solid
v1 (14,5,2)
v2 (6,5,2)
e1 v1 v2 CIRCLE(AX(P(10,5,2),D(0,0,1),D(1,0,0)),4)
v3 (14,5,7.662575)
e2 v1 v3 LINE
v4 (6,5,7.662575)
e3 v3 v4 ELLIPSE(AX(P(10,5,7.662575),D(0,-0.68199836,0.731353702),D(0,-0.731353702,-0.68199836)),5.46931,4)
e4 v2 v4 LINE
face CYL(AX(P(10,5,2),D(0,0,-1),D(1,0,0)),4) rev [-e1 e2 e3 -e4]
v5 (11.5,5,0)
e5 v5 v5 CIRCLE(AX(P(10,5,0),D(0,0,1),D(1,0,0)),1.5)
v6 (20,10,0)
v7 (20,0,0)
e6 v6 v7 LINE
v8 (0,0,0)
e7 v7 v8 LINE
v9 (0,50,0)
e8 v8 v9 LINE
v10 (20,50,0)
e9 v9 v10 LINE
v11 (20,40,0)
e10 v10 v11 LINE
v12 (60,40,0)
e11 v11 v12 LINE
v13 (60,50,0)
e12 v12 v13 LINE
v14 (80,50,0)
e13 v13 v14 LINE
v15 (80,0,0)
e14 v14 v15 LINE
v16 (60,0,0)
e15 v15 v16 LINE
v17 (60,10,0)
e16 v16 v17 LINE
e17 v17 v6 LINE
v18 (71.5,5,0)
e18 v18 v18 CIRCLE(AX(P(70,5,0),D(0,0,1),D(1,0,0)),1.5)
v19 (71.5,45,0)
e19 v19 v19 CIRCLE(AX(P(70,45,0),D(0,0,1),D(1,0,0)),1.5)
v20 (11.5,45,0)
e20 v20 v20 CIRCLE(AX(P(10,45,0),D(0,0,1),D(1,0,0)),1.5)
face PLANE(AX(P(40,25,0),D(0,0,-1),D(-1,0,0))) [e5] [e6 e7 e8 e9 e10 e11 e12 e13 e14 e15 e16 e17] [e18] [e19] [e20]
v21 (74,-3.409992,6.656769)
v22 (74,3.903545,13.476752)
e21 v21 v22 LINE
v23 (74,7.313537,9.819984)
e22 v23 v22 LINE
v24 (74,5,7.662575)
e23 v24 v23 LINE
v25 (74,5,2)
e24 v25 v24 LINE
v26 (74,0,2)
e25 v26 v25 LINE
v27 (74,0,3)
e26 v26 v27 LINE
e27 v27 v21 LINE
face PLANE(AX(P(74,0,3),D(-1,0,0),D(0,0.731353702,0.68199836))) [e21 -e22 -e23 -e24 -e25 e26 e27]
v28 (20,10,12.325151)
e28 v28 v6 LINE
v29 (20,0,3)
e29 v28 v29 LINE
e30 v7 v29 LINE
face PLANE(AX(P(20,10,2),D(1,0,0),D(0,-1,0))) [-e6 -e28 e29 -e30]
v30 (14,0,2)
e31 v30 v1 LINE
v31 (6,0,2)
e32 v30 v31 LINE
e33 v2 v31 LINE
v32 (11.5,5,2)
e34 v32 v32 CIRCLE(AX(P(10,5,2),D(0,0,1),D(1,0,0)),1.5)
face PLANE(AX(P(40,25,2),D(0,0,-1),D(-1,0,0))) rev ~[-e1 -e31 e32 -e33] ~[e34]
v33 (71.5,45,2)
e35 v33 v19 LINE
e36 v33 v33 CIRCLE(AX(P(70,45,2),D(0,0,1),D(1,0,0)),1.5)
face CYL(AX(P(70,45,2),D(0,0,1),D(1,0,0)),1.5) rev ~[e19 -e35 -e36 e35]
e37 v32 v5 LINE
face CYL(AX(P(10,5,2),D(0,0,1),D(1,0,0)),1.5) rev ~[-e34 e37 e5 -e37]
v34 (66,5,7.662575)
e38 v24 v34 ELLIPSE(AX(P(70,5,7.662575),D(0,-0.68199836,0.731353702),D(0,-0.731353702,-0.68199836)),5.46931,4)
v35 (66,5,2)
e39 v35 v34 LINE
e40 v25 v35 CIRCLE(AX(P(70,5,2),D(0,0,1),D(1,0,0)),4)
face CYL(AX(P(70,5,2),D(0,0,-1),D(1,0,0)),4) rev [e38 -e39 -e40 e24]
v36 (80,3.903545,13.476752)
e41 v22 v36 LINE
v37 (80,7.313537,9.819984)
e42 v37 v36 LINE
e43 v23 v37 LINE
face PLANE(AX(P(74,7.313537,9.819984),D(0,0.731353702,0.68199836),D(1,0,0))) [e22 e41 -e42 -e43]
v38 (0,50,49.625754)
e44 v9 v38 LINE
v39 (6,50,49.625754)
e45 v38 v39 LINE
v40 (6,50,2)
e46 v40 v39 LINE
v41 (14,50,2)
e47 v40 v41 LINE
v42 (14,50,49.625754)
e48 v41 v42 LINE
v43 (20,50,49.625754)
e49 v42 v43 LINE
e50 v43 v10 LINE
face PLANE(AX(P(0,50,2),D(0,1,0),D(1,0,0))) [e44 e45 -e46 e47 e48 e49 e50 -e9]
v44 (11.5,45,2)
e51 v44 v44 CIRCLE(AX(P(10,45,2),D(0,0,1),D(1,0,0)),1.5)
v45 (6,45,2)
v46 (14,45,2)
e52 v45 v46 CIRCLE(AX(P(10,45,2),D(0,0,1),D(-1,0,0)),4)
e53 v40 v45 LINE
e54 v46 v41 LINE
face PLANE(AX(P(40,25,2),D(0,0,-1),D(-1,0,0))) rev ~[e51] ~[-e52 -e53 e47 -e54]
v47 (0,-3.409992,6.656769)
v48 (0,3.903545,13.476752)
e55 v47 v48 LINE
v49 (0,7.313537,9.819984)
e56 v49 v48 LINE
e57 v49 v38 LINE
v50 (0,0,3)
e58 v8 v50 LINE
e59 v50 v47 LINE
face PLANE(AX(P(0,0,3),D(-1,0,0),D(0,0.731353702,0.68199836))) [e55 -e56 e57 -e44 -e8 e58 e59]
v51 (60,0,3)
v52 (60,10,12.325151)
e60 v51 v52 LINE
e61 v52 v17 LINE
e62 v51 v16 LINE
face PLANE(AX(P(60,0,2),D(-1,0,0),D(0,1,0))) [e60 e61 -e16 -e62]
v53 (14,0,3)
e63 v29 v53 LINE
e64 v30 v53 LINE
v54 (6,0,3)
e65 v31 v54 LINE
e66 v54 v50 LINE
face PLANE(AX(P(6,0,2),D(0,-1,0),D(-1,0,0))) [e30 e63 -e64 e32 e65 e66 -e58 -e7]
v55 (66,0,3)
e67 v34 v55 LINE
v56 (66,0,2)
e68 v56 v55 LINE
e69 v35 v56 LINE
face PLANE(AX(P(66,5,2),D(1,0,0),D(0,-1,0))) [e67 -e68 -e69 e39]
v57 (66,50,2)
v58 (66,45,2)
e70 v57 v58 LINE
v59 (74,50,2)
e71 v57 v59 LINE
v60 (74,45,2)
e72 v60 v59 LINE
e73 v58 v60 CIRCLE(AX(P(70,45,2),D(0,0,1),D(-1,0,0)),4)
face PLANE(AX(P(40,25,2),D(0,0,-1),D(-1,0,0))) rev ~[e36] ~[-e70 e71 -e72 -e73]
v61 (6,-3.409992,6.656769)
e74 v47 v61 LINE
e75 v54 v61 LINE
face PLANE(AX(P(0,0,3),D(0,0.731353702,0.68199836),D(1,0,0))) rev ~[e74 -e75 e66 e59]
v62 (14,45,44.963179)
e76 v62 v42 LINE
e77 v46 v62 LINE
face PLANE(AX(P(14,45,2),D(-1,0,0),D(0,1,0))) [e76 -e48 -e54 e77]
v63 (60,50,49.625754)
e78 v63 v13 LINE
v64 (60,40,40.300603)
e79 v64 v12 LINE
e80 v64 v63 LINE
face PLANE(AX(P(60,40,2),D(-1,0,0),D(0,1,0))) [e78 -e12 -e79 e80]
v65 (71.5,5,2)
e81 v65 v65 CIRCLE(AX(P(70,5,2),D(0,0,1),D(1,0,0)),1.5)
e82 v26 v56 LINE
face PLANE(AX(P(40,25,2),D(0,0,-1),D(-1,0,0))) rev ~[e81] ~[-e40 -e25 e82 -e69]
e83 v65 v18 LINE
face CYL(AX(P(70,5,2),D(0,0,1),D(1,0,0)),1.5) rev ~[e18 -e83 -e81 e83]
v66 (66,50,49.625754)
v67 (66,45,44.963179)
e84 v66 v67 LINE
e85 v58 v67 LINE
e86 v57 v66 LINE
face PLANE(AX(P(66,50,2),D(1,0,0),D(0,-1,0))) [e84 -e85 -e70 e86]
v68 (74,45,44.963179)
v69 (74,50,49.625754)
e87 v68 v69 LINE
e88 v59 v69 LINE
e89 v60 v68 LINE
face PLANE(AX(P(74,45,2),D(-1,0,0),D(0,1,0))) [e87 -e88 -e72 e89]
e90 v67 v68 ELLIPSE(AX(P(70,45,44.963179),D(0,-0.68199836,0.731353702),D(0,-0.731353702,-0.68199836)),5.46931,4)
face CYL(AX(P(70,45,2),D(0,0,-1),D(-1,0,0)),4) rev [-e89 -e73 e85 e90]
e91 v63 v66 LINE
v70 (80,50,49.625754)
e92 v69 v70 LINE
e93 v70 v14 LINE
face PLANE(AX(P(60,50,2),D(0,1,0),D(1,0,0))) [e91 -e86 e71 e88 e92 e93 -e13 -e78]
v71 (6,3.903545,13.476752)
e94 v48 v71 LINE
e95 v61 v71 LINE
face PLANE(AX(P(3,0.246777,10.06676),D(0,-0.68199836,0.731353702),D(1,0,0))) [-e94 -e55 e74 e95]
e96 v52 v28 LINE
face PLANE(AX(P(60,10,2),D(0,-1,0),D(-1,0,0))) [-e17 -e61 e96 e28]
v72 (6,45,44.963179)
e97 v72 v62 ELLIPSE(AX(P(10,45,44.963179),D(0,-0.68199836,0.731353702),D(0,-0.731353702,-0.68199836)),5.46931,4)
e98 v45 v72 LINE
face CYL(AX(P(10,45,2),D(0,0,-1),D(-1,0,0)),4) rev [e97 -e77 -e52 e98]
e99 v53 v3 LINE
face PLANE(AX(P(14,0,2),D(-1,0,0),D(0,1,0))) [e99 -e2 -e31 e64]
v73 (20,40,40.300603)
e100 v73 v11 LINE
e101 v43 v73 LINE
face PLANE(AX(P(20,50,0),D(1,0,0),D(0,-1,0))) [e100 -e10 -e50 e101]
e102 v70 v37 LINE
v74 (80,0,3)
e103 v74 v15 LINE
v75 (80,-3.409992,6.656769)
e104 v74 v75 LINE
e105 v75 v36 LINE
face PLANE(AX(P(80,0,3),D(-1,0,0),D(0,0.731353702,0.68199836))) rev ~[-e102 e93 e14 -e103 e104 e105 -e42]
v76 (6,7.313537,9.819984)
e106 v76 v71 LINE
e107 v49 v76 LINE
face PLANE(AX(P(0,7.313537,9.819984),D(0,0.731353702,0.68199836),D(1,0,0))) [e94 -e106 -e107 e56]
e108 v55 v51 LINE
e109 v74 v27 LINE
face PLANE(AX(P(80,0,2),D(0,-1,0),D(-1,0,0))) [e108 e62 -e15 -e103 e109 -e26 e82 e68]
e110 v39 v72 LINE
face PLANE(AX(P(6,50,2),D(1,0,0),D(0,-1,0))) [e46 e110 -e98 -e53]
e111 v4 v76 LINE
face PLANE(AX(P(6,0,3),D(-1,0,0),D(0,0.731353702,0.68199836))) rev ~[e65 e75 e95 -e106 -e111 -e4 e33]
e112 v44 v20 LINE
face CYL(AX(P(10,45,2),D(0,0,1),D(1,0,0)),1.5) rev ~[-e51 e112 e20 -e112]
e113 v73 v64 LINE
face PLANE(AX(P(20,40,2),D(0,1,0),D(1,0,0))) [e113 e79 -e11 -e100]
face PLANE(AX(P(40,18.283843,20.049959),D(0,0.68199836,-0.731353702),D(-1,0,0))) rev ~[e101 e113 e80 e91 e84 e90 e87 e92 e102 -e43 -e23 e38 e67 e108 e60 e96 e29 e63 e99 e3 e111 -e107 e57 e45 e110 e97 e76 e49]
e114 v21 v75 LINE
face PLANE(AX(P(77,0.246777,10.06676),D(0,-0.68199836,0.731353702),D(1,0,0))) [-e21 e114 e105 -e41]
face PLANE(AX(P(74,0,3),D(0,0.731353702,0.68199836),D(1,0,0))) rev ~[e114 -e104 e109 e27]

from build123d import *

# Parameters (mm, degrees)
EXTRUDE_2_DEPTH     = 2
SKETCH_3_R          = 1.5
CUT_EXTRUDE_1_DEPTH = 95.361008897
EXTRUDE_3_DEPTH     = 1
DRAFT_4_ANGLE       = 43
SKETCH_6_W          = 6
SKETCH_6_H          = 10
EXTRUDE_4_DEPTH     = 5
SKETCH_7_W          = 6
SKETCH_7_H          = 10
EXTRUDE_5_DEPTH     = 5


with BuildPart() as part:
    # 草图1 → 凸台-拉伸2 (new body)
    with BuildSketch(Plane.XY):
        Polygon((0, 0), (0, 50), (20, 50), (20, 40), (60, 40), (60, 50), (80, 50), (80, 0), (60, 0), (60, 10), (20, 10), (20, 0), align=None)
    extrude(amount=EXTRUDE_2_DEPTH)

    # 草图3 → 切除-拉伸1 (cut, through all)
    with BuildSketch(Plane.XY.offset(2)):
        with Locations((10, 45)):
            Circle(SKETCH_3_R)
        with Locations((10, 5)):
            Circle(SKETCH_3_R)
        with Locations((70, 45)):
            Circle(SKETCH_3_R)
        with Locations((70, 5)):
            Circle(SKETCH_3_R)
    extrude(amount=-CUT_EXTRUDE_1_DEPTH, mode=Mode.SUBTRACT)

    # 草图5 → 凸台-拉伸3 (add)
    with BuildSketch(Plane.XY.offset(2)):
        with BuildLine():
            Line((0, 50), (6, 50))
            Line((6, 50), (6, 45))
            ThreePointArc((6, 45), (10, 41), (14, 45))
            Line((14, 45), (14, 50))
            Line((14, 50), (20, 50))
            Line((20, 50), (20, 40))
            Line((20, 40), (60, 40))
            Line((60, 40), (60, 50))
            Line((60, 50), (66, 50))
            Line((66, 50), (66, 45))
            ThreePointArc((66, 45), (70, 41), (74, 45))
            Line((74, 45), (74, 50))
            Line((74, 50), (80, 50))
            Line((80, 50), (80, 0))
            Line((80, 0), (74, 0))
            Line((74, 0), (74, 5))
            ThreePointArc((74, 5), (70, 9), (66, 5))
            Line((66, 5), (66, 0))
            Line((66, 0), (60, 0))
            Line((60, 0), (60, 10))
            Line((60, 10), (20, 10))
            Line((20, 10), (20, 0))
            Line((20, 0), (14, 0))
            Line((14, 0), (14, 5))
            ThreePointArc((14, 5), (10, 9), (6, 5))
            Line((6, 5), (6, 0))
            Line((6, 0), (0, 0))
            Line((0, 0), (0, 50))
        make_face()
    extrude(amount=EXTRUDE_3_DEPTH)

    # 拔模4
    draft_4_faces = [part.faces().sort_by_distance(p)[0] for p in [
        (40, 25, 3),
    ]]
    draft(draft_4_faces, Plane(origin=(20, 0, 2), x_dir=(-1, 0, 0), z_dir=(0, -1, 0)), DRAFT_4_ANGLE)

    # 草图6 → 凸台-拉伸4 (add)
    with BuildSketch(Plane(origin=(0, -1.496346075, 1.604634711), x_dir=(1, 0, 0), z_dir=(0, -0.6819983600624997, 0.7313537016191695))):
        with Locations((3, 7.04599508)):
            Rectangle(SKETCH_6_W, SKETCH_6_H)
    extrude(amount=EXTRUDE_4_DEPTH)

    # 草图7 → 凸台-拉伸5 (add)
    with BuildSketch(Plane(origin=(0, -1.496346075, 1.604634711), x_dir=(1, 0, 0), z_dir=(0, -0.6819983600624997, 0.7313537016191695))):
        with Locations((77, 7.04599508)):
            Rectangle(SKETCH_7_W, SKETCH_7_H)
    extrude(amount=EXTRUDE_5_DEPTH)


solid = part.part
